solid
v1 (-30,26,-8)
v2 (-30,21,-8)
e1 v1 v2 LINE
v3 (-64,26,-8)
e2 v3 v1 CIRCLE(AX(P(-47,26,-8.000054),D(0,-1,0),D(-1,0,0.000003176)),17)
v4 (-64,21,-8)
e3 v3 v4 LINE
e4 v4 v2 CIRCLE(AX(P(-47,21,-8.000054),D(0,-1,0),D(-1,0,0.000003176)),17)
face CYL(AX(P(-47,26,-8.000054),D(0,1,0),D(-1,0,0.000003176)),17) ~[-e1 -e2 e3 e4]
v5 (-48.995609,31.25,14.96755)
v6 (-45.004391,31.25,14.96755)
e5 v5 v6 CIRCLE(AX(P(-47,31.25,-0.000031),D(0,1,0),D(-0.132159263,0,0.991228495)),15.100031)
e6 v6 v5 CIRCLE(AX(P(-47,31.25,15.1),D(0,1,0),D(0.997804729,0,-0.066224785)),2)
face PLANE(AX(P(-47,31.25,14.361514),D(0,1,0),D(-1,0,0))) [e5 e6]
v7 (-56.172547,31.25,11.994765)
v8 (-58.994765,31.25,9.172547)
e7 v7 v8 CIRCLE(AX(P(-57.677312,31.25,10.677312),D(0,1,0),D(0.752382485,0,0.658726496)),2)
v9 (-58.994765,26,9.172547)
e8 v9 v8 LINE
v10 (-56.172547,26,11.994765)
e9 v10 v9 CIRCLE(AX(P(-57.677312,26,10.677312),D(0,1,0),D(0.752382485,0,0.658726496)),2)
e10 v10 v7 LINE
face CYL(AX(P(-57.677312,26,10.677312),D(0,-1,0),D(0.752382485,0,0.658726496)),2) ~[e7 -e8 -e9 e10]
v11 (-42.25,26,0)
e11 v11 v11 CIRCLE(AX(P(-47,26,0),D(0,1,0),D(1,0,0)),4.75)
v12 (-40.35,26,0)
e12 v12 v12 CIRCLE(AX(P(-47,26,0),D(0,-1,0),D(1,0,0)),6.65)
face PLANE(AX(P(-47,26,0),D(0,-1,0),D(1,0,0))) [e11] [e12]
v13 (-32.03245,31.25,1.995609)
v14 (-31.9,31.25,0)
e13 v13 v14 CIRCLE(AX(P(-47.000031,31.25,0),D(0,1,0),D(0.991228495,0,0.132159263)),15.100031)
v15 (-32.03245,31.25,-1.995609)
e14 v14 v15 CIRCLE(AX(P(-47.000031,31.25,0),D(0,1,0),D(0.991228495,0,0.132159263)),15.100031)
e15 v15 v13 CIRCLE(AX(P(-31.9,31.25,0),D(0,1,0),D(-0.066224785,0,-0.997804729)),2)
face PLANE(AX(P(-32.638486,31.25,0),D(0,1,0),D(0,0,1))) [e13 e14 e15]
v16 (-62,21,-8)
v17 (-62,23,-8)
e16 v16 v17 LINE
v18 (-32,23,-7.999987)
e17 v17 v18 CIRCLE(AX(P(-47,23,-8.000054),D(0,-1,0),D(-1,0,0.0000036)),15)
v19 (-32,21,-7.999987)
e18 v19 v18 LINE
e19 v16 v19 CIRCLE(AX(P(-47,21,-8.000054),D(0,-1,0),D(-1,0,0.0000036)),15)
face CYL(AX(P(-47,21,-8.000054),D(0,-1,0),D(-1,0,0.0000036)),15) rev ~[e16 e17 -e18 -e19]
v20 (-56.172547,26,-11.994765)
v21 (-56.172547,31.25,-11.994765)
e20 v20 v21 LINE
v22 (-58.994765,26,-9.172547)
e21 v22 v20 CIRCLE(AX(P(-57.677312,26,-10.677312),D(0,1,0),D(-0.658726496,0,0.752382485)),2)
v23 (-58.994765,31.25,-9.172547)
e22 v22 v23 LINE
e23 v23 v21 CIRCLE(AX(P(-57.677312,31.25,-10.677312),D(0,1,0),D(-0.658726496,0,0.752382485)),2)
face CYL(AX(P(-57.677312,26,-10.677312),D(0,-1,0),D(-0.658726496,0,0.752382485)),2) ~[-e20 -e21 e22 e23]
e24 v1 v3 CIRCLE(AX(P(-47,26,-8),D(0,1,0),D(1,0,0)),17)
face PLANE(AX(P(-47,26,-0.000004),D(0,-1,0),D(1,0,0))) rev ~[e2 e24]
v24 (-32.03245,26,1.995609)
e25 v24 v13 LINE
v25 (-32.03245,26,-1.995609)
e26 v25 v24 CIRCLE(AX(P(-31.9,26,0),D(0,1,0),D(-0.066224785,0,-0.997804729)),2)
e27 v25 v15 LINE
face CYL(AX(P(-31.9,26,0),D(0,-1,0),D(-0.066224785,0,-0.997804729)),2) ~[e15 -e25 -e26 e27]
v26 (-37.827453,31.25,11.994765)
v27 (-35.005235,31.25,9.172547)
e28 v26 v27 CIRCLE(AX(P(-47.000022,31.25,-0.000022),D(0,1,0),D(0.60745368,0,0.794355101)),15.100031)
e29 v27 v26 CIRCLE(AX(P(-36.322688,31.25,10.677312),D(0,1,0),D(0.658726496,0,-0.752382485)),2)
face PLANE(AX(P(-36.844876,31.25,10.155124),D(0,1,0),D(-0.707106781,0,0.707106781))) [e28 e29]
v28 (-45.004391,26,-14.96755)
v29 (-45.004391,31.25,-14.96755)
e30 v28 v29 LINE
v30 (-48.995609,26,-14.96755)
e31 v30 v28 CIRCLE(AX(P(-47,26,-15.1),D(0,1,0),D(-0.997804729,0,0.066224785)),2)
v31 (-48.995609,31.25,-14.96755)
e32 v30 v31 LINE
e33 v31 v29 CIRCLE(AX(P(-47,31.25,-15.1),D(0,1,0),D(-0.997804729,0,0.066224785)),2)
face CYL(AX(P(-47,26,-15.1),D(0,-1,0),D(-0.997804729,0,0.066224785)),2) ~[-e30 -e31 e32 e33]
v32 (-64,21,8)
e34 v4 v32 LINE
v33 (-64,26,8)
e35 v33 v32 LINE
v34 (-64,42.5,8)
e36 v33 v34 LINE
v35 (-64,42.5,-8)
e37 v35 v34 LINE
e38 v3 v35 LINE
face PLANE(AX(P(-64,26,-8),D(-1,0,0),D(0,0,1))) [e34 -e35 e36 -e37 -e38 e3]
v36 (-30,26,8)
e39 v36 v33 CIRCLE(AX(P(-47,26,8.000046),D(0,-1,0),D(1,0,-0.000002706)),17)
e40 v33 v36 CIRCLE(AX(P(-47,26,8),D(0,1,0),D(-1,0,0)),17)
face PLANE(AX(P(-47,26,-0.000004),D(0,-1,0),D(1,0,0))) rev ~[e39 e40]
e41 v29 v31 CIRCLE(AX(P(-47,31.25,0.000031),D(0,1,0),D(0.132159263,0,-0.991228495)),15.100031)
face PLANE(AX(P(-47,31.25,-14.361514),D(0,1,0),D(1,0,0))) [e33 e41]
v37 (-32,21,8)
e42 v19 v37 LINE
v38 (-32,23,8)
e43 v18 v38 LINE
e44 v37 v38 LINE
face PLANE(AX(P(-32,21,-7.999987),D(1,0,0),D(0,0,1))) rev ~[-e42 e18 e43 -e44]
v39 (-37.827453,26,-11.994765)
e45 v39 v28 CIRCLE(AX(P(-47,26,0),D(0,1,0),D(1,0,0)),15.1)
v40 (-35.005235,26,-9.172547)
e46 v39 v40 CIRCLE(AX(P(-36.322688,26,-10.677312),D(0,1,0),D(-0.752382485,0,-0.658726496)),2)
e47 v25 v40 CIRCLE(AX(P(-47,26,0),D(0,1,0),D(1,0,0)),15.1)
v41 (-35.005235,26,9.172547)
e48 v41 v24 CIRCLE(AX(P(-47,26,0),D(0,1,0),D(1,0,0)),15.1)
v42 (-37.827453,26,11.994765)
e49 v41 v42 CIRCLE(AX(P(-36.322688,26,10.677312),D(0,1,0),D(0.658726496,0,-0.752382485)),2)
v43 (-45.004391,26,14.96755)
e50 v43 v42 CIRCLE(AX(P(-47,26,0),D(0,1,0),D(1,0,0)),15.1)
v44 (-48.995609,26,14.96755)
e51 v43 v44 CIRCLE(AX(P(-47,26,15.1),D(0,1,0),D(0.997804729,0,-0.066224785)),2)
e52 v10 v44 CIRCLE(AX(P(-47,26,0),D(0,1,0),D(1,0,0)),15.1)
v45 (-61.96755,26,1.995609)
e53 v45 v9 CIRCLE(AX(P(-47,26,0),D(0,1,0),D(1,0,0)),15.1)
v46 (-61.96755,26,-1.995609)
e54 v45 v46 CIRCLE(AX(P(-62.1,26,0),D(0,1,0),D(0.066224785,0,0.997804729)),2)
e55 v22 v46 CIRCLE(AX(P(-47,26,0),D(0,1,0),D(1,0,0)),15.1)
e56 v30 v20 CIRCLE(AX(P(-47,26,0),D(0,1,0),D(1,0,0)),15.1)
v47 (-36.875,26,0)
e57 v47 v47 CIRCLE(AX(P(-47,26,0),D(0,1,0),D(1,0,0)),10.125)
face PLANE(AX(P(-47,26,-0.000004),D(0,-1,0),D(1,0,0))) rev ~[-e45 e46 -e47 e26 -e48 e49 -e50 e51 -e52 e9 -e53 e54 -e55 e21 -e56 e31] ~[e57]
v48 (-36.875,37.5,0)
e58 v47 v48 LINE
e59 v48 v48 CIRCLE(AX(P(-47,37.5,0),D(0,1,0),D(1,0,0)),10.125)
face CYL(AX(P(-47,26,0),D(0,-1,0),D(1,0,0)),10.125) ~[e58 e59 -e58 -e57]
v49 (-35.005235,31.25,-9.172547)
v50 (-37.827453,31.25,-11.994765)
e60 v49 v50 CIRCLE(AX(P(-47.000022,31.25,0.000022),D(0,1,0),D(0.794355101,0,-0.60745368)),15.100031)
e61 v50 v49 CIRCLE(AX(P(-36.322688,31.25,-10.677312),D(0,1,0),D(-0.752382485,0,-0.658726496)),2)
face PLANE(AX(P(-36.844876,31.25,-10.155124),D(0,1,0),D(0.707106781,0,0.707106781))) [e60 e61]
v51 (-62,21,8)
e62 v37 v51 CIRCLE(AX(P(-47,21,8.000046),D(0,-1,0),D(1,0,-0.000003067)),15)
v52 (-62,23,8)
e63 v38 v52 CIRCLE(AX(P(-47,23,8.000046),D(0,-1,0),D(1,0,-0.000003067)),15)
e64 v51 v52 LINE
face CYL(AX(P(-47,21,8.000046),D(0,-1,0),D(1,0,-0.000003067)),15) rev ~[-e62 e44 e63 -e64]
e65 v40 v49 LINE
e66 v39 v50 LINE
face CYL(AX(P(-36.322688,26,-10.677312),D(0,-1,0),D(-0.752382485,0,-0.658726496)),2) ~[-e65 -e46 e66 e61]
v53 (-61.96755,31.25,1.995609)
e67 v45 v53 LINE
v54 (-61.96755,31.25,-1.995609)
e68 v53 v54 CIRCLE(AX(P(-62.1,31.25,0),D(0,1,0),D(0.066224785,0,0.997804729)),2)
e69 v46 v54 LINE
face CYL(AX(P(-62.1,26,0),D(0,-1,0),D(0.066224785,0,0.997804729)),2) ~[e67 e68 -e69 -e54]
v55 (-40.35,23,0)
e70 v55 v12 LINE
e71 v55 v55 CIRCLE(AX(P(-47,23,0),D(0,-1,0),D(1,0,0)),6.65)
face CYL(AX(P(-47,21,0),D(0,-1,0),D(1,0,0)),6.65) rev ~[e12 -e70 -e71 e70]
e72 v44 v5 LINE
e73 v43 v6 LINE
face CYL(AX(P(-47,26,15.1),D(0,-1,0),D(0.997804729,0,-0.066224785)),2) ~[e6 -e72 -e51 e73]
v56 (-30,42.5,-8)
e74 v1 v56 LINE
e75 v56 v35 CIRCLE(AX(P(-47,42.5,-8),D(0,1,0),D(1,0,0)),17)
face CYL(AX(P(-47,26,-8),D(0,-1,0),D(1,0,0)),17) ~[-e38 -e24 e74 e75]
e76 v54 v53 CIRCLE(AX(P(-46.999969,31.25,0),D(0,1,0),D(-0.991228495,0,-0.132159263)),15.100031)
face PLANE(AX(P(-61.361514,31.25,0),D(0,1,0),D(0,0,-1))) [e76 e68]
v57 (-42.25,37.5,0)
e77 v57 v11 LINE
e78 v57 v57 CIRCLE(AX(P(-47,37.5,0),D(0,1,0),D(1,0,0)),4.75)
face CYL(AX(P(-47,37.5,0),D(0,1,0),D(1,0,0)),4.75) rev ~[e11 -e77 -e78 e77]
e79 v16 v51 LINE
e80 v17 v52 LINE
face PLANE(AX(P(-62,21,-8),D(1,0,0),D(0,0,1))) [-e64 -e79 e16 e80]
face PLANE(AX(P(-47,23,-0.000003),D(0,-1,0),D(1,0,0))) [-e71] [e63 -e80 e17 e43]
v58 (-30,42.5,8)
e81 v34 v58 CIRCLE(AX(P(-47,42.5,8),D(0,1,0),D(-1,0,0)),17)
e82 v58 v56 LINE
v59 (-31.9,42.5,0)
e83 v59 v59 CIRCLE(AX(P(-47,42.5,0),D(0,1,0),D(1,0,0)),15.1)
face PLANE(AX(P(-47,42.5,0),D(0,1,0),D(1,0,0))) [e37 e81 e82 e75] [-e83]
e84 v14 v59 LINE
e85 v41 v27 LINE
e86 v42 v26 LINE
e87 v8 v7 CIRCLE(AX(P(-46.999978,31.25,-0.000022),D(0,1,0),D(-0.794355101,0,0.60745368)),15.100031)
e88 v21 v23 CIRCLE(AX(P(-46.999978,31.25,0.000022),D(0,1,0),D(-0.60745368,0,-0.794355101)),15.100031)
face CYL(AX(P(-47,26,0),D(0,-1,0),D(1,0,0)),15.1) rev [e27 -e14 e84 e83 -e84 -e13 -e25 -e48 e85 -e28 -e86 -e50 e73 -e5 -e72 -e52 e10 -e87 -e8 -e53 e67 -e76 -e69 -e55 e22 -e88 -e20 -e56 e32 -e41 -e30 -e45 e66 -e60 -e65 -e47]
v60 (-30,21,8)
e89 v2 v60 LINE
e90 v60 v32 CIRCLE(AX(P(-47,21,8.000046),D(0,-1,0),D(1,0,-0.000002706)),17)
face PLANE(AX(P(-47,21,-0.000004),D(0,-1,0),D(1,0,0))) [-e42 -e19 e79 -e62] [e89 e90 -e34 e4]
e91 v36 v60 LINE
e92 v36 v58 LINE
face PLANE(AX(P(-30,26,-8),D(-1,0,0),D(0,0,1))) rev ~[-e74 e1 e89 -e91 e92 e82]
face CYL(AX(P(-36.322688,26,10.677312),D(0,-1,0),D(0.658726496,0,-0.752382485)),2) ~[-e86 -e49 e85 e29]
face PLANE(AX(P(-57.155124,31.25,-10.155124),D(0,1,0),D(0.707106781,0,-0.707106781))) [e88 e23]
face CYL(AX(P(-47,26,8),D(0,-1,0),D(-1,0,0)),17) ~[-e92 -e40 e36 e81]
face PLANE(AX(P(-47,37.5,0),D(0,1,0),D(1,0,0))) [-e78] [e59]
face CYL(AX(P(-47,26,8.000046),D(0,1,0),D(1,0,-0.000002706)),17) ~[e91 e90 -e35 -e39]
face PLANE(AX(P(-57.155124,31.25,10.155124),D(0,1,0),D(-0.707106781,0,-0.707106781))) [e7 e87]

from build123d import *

# Parameters (mm, degrees)
SKETCH_R             = 15.1
PAD_DEPTH            = 16.5
PAD001_DEPTH         = 5.25
POLARPATTERN_COUNT   = 8
PAD002_DEPTH         = 5
SKETCH003_R          = 10.125
PAD003_DEPTH         = 11.5
SKETCH004_R          = 4.75
POCKET_DEPTH         = 16.501
SKETCH006_R          = 6.65
POCKET001_DEPTH      = 5
POCKET002_DEPTH      = 2
BODY_PLACEMENT_ANGLE = 270


with BuildPart() as part:
    # Sketch → Pad (new body)
    with BuildSketch(Plane.XY):
        with BuildLine():
            ThreePointArc((17, 8), (0, 25), (-17, 8))
            Line((-17, 8), (-17, -8))
            ThreePointArc((-17, -8), (0, -25), (17, -8))
            Line((17, -8), (17, 8))
        make_face()
        Circle(SKETCH_R, mode=Mode.SUBTRACT)
    extrude(amount=PAD_DEPTH)

    # Sketch001 → Pad001 (join)
    with BuildSketch(Plane.XY):
        with BuildLine():
            ThreePointArc((1.995609, 14.96755), (0, 15.1), (-1.995609, 14.96755))
            ThreePointArc((-1.995609, 14.96755), (0, 13.1), (1.995609, 14.96755))
        make_face()
    pad001 = extrude(amount=PAD001_DEPTH)

    # PolarPattern: Pad001 ×8 about axis
    polarpattern_axis = Axis((0, 0, 0), (0, 0, 1))
    for i in range(1, POLARPATTERN_COUNT):
        add(pad001.rotate(polarpattern_axis, i * 360 / POLARPATTERN_COUNT))

    # Sketch002 (on Face23 of PolarPattern) → Pad002 (join)
    with BuildSketch(Plane(origin=(0, 0, 0), x_dir=(1, 0, 0), z_dir=(0, 0, -1))):
        with BuildLine():
            ThreePointArc((-17, -8), (0, -25.000054), (17, -8))
            Line((17, -8), (17, 8))
            ThreePointArc((17, 8), (0, 25.000046), (-17, 8))
            Line((-17, -8), (-17, 8))
        make_face()
    extrude(amount=PAD002_DEPTH)

    # Sketch003 (on Face8 of Pad002) → Pad003 (join)
    with BuildSketch(Plane.XY):
        Circle(SKETCH003_R)
    extrude(amount=PAD003_DEPTH)

    # Sketch004 (on Face28 of Pad003) → Pocket (cut, through all)
    with BuildSketch(Plane.XY.offset(11.5)):
        Circle(SKETCH004_R)
    extrude(amount=-POCKET_DEPTH, mode=Mode.SUBTRACT)

    # Sketch006 (on Face8 of Pocket) → Pocket001 (cut)
    with BuildSketch(Plane(origin=(0, 0, -5), x_dir=(1, 0, 0), z_dir=(0, 0, -1))):
        Circle(SKETCH006_R)
    extrude(amount=-POCKET001_DEPTH, mode=Mode.SUBTRACT)

    # Sketch007 (on Face8 of Pocket001) → Pocket002 (cut)
    with BuildSketch(Plane(origin=(0, 0, -5), x_dir=(1, 0, 0), z_dir=(0, 0, -1))):
        with BuildLine():
            ThreePointArc((15, 8), (0, 23.000046), (-15, 8))
            Line((-15, -8), (-15, 8))
            ThreePointArc((-15, -8), (7e-06, -23.000054), (15, -7.999987))
            Line((15, -7.999987), (15, 8))
        make_face()
    extrude(amount=-POCKET002_DEPTH, mode=Mode.SUBTRACT)


with BuildPart() as part_1:
    # Body placement: moved
    add(part.part.moved(Location((-47, 26, 0))).rotate(Axis((-47, 26, 0), (1, 0, 0)), BODY_PLACEMENT_ANGLE))


solid = part_1.part
